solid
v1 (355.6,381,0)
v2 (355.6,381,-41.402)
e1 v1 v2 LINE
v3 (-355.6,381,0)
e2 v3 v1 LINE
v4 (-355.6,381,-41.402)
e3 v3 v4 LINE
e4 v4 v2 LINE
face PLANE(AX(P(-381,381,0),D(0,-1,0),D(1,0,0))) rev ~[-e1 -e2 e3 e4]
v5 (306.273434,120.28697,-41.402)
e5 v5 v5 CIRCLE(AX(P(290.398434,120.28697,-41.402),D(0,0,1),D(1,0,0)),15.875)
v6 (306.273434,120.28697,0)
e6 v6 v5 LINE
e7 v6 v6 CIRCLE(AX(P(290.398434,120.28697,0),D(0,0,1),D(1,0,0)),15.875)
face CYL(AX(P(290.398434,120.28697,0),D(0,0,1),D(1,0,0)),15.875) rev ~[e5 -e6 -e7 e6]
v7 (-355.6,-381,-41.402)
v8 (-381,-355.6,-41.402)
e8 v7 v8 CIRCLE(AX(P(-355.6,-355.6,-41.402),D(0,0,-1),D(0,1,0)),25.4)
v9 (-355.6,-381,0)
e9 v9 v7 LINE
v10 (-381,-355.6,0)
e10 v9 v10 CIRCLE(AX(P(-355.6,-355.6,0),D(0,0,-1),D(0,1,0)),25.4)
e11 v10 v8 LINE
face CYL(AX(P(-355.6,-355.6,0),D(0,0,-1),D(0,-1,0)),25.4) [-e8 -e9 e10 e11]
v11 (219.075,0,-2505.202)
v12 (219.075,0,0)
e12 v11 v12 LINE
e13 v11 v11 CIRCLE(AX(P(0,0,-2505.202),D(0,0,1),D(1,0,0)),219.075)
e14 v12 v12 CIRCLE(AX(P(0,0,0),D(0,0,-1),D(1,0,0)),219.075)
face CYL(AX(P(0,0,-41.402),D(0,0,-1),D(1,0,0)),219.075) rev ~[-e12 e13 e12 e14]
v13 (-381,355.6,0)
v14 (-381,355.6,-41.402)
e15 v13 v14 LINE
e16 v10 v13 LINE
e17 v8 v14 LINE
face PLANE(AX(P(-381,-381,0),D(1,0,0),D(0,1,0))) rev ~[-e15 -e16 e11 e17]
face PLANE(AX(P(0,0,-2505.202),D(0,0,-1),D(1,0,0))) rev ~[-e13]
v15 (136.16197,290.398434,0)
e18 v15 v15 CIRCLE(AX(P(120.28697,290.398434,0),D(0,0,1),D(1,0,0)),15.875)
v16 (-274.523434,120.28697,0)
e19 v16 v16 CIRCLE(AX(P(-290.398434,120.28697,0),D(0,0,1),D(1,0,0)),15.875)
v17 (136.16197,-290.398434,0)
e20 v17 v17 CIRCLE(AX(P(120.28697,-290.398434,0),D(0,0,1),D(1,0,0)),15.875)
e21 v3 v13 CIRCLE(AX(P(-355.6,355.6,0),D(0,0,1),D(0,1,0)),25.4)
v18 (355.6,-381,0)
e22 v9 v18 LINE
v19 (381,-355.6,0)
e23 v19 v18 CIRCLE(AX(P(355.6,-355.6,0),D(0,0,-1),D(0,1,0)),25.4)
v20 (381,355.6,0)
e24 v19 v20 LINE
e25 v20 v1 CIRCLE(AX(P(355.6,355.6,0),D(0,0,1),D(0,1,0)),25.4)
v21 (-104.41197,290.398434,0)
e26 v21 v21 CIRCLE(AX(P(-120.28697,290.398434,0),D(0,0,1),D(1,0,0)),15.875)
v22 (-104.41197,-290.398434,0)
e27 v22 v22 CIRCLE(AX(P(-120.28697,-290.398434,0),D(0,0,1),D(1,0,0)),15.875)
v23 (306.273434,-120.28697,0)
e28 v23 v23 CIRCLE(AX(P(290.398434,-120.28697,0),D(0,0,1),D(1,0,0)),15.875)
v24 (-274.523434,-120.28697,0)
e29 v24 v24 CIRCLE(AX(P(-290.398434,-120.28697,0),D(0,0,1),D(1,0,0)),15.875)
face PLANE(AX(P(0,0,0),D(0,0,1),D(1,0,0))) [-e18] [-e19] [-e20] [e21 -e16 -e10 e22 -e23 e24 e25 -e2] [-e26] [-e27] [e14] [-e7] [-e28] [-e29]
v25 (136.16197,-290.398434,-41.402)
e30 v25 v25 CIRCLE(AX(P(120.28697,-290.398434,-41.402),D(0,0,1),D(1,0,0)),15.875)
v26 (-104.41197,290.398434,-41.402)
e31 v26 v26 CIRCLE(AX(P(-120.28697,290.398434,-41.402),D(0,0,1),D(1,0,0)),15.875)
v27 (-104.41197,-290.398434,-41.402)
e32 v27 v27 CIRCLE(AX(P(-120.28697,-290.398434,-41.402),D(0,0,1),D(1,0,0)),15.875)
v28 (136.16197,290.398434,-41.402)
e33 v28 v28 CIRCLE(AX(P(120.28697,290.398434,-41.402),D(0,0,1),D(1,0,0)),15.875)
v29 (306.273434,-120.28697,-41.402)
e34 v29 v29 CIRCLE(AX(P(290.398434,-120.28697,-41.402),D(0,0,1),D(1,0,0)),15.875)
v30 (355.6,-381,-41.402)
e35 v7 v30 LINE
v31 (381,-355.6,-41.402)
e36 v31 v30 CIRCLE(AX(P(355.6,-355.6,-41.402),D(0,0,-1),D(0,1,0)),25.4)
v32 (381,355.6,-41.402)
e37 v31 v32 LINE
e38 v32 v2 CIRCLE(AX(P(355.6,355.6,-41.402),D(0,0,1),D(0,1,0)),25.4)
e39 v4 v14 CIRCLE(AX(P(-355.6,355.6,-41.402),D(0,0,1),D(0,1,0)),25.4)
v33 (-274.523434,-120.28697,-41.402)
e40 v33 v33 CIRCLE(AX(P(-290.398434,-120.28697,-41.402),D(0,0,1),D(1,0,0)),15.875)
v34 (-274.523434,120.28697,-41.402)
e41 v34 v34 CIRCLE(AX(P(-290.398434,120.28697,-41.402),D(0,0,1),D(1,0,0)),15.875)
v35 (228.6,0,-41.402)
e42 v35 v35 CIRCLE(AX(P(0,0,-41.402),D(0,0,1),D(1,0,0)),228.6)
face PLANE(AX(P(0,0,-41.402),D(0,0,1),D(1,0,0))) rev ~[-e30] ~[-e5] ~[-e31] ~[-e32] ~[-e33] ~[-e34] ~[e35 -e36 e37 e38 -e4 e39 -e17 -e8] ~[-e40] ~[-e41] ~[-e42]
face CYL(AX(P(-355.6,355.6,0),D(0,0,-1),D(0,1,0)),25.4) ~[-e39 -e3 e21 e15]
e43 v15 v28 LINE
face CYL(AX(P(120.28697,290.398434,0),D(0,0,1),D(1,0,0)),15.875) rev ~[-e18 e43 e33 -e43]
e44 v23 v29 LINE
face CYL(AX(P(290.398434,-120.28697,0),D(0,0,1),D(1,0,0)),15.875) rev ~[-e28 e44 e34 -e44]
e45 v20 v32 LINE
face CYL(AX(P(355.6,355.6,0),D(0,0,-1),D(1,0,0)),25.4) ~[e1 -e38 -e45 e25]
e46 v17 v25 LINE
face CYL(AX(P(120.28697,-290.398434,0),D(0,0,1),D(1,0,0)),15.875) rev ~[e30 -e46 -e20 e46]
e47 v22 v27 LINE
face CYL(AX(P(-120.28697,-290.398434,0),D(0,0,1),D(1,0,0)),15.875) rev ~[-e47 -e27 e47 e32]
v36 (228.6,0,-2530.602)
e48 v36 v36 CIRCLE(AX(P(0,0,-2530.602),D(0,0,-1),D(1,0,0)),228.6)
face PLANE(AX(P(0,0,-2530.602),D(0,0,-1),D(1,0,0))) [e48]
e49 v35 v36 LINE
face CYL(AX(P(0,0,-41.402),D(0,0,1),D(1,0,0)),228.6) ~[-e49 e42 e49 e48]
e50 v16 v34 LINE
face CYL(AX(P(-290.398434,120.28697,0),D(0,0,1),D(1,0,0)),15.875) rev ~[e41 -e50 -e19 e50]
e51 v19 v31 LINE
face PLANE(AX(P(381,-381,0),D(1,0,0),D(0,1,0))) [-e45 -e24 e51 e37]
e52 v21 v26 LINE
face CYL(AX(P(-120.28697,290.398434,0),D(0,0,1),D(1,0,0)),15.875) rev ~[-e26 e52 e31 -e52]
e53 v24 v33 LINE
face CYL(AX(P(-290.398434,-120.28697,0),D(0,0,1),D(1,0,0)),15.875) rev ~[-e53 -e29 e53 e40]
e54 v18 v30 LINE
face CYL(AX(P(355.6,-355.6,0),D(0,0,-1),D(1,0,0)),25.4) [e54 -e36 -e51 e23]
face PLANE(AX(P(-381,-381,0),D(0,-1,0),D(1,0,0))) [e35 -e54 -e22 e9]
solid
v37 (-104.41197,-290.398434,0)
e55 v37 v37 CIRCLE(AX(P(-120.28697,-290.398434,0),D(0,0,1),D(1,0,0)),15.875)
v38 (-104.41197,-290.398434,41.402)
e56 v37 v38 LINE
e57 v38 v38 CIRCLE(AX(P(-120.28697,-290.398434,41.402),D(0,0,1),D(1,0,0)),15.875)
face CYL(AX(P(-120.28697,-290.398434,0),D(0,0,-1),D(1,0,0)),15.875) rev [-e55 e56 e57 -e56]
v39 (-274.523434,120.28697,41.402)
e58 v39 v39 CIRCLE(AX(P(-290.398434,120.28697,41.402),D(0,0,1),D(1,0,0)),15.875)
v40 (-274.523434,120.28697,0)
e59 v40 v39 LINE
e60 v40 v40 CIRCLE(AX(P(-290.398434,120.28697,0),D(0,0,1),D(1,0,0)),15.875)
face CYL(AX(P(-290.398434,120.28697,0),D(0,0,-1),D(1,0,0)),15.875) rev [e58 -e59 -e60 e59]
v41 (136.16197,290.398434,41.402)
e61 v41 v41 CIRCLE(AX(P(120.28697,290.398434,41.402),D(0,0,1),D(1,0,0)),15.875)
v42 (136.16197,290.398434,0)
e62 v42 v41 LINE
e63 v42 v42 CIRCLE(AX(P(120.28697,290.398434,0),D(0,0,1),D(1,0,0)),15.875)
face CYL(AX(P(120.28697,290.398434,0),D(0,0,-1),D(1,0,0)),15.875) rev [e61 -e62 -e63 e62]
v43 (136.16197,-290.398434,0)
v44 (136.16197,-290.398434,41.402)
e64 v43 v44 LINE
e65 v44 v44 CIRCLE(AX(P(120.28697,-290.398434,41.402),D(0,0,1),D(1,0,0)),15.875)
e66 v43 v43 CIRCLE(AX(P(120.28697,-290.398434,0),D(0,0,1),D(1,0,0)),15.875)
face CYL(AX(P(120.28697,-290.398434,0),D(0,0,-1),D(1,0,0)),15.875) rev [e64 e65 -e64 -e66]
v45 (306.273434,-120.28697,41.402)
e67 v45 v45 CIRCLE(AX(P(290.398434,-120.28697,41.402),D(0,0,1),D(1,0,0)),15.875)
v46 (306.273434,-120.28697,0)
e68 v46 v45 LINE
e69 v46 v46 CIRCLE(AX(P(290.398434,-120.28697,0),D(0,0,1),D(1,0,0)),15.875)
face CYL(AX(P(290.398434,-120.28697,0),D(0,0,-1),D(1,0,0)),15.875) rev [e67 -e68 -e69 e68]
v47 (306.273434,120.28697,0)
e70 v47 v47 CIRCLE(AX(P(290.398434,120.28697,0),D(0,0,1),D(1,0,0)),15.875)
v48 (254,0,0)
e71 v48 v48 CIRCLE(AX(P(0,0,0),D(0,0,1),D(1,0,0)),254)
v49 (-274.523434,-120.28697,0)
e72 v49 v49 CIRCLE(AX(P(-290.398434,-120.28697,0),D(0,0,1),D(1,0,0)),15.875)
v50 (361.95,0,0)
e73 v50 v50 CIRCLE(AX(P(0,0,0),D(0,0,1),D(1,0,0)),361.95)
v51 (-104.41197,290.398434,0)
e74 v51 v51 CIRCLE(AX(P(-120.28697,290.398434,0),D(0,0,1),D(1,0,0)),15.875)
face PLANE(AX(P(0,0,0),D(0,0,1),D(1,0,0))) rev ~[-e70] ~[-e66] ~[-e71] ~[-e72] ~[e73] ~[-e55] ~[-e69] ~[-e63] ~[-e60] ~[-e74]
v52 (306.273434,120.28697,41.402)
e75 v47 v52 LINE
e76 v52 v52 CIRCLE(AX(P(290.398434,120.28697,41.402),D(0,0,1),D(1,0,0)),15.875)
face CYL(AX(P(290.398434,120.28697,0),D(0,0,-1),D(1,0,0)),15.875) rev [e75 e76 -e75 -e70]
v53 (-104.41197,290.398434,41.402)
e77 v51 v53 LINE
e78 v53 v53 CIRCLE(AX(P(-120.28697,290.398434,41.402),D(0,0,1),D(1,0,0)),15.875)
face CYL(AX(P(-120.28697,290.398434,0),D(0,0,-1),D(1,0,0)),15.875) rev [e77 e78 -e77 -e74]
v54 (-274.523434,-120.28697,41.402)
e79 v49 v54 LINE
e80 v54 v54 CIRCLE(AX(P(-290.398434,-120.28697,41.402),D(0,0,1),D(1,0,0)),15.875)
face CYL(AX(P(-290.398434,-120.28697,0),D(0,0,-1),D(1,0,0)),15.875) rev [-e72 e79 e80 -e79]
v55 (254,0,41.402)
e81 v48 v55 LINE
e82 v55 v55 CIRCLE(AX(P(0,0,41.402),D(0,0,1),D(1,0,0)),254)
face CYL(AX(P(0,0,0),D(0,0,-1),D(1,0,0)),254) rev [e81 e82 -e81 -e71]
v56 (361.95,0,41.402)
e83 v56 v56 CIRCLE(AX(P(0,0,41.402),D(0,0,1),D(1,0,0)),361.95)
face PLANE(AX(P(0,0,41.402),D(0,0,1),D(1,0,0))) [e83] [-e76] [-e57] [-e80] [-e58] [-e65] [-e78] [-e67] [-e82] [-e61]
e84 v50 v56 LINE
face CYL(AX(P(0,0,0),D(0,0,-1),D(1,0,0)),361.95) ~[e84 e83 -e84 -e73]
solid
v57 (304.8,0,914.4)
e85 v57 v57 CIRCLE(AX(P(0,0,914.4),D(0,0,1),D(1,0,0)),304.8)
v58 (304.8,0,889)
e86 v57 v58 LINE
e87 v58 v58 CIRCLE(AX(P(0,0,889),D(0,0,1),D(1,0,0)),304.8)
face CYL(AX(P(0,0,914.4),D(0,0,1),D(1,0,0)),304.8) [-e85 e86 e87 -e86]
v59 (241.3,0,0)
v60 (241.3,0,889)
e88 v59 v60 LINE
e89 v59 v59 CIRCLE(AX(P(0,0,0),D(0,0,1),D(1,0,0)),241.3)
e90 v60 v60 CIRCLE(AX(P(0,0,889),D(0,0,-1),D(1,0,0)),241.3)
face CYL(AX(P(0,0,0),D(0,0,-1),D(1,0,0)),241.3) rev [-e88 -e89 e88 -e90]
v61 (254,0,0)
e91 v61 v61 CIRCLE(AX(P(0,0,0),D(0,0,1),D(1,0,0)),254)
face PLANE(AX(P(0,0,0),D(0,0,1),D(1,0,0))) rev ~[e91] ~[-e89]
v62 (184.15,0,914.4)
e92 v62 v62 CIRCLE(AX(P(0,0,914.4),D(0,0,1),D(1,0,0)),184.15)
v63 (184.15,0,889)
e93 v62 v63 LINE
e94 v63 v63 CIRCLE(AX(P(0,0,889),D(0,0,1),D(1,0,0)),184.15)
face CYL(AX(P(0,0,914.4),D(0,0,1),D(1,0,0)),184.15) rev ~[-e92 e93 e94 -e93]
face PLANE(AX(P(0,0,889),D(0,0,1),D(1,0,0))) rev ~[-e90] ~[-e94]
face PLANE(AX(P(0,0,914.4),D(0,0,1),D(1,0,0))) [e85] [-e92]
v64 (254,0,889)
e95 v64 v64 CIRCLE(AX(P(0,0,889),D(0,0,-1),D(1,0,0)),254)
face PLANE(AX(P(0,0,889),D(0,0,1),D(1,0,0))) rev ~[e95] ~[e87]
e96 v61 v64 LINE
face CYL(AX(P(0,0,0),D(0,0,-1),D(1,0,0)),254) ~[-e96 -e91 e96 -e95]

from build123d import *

# Parameters (mm, degrees)
F0_W          = 762
F0_H          = 762
F0_R          = 15.875
F0_R_2        = 228.6
F1_DEPTH      = 41.402
F2_R          = 228.6
F2_R_2        = 219.075
F3_DEPTH      = 2489.2
F3_DEPTH_BACK = 41.402
F4_R          = 228.6
F5_DEPTH      = 25.4
F6_R          = 25.4
F7_R          = 361.95
F7_R_2        = 15.875
F7_R_3        = 254
F8_DEPTH      = 41.402
F9_R          = 254
F9_R_2        = 241.3
F10_DEPTH     = 914.4
F11_R         = 304.8
F11_R_2       = 184.15
F12_DEPTH     = 25.4


with BuildPart() as f1:
    # F0 (on Top) → F1 (new body)
    with BuildSketch(Plane.XY):
        Rectangle(F0_W, F0_H)
        with Locations((-120.28697, -290.398434)):
            Circle(F0_R, mode=Mode.SUBTRACT)
        with Locations((-290.398434, -120.28697)):
            Circle(F0_R, mode=Mode.SUBTRACT)
        with Locations((120.28697, -290.398434)):
            Circle(F0_R, mode=Mode.SUBTRACT)
        with Locations((290.398434, -120.28697)):
            Circle(F0_R, mode=Mode.SUBTRACT)
        with Locations((-290.398434, 120.28697)):
            Circle(F0_R, mode=Mode.SUBTRACT)
        with Locations((-120.28697, 290.398434)):
            Circle(F0_R, mode=Mode.SUBTRACT)
        Circle(F0_R_2, mode=Mode.SUBTRACT)
        with Locations((290.398434, 120.28697)):
            Circle(F0_R, mode=Mode.SUBTRACT)
        with Locations((120.28697, 290.398434)):
            Circle(F0_R, mode=Mode.SUBTRACT)
    extrude(amount=-F1_DEPTH)

    # F2 (on face) → F3 (join, two sides)
    with BuildSketch(Plane(origin=(0, 0, -41.402), x_dir=(1, 0, 0), z_dir=(0, 0, -1))) as f3_sk:
        Circle(F2_R)
        Circle(F2_R_2, mode=Mode.SUBTRACT)
    extrude(amount=F3_DEPTH)
    extrude(f3_sk.sketch, amount=-F3_DEPTH_BACK)

    # F4 (on face) → F5 (join)
    with BuildSketch(Plane(origin=(0, 0, -2530.602), x_dir=(1, 0, 0), z_dir=(0, 0, -1))):
        Circle(F4_R)
    extrude(amount=-F5_DEPTH)

    # F6
    f6_edges = [f1.edges().sort_by_distance(p)[0] for p in [
        (381, -381, -20.701),
        (381, 381, -20.701),
        (-381, -381, -20.701),
        (-381, 381, -20.701),
    ]]
    fillet(f6_edges, radius=F6_R)


with BuildPart() as f8:
    # F7 (on face) → F8 (new body)
    with BuildSketch(Plane.XY):
        Circle(F7_R)
        with Locations((-120.28697, -290.398434)):
            Circle(F7_R_2, mode=Mode.SUBTRACT)
        with Locations((-290.398434, -120.28697)):
            Circle(F7_R_2, mode=Mode.SUBTRACT)
        with Locations((120.28697, -290.398434)):
            Circle(F7_R_2, mode=Mode.SUBTRACT)
        with Locations((290.398434, -120.28697)):
            Circle(F7_R_2, mode=Mode.SUBTRACT)
        with Locations((-290.398434, 120.28697)):
            Circle(F7_R_2, mode=Mode.SUBTRACT)
        with Locations((-120.28697, 290.398434)):
            Circle(F7_R_2, mode=Mode.SUBTRACT)
        Circle(F7_R_3, mode=Mode.SUBTRACT)
        with Locations((290.398434, 120.28697)):
            Circle(F7_R_2, mode=Mode.SUBTRACT)
        with Locations((120.28697, 290.398434)):
            Circle(F7_R_2, mode=Mode.SUBTRACT)
    extrude(amount=F8_DEPTH)


with BuildPart() as f10:
    # F9 (on face) → F10 (new body)
    with BuildSketch(Plane.XY):
        Circle(F9_R)
        Circle(F9_R_2, mode=Mode.SUBTRACT)
    extrude(amount=F10_DEPTH)

    # F11 (on face) → F12 (join)
    with BuildSketch(Plane.XY.offset(914.4)):
        Circle(F11_R)
        Circle(F11_R_2, mode=Mode.SUBTRACT)
    extrude(amount=-F12_DEPTH)


solid = Compound([f1.part, f8.part, f10.part])
